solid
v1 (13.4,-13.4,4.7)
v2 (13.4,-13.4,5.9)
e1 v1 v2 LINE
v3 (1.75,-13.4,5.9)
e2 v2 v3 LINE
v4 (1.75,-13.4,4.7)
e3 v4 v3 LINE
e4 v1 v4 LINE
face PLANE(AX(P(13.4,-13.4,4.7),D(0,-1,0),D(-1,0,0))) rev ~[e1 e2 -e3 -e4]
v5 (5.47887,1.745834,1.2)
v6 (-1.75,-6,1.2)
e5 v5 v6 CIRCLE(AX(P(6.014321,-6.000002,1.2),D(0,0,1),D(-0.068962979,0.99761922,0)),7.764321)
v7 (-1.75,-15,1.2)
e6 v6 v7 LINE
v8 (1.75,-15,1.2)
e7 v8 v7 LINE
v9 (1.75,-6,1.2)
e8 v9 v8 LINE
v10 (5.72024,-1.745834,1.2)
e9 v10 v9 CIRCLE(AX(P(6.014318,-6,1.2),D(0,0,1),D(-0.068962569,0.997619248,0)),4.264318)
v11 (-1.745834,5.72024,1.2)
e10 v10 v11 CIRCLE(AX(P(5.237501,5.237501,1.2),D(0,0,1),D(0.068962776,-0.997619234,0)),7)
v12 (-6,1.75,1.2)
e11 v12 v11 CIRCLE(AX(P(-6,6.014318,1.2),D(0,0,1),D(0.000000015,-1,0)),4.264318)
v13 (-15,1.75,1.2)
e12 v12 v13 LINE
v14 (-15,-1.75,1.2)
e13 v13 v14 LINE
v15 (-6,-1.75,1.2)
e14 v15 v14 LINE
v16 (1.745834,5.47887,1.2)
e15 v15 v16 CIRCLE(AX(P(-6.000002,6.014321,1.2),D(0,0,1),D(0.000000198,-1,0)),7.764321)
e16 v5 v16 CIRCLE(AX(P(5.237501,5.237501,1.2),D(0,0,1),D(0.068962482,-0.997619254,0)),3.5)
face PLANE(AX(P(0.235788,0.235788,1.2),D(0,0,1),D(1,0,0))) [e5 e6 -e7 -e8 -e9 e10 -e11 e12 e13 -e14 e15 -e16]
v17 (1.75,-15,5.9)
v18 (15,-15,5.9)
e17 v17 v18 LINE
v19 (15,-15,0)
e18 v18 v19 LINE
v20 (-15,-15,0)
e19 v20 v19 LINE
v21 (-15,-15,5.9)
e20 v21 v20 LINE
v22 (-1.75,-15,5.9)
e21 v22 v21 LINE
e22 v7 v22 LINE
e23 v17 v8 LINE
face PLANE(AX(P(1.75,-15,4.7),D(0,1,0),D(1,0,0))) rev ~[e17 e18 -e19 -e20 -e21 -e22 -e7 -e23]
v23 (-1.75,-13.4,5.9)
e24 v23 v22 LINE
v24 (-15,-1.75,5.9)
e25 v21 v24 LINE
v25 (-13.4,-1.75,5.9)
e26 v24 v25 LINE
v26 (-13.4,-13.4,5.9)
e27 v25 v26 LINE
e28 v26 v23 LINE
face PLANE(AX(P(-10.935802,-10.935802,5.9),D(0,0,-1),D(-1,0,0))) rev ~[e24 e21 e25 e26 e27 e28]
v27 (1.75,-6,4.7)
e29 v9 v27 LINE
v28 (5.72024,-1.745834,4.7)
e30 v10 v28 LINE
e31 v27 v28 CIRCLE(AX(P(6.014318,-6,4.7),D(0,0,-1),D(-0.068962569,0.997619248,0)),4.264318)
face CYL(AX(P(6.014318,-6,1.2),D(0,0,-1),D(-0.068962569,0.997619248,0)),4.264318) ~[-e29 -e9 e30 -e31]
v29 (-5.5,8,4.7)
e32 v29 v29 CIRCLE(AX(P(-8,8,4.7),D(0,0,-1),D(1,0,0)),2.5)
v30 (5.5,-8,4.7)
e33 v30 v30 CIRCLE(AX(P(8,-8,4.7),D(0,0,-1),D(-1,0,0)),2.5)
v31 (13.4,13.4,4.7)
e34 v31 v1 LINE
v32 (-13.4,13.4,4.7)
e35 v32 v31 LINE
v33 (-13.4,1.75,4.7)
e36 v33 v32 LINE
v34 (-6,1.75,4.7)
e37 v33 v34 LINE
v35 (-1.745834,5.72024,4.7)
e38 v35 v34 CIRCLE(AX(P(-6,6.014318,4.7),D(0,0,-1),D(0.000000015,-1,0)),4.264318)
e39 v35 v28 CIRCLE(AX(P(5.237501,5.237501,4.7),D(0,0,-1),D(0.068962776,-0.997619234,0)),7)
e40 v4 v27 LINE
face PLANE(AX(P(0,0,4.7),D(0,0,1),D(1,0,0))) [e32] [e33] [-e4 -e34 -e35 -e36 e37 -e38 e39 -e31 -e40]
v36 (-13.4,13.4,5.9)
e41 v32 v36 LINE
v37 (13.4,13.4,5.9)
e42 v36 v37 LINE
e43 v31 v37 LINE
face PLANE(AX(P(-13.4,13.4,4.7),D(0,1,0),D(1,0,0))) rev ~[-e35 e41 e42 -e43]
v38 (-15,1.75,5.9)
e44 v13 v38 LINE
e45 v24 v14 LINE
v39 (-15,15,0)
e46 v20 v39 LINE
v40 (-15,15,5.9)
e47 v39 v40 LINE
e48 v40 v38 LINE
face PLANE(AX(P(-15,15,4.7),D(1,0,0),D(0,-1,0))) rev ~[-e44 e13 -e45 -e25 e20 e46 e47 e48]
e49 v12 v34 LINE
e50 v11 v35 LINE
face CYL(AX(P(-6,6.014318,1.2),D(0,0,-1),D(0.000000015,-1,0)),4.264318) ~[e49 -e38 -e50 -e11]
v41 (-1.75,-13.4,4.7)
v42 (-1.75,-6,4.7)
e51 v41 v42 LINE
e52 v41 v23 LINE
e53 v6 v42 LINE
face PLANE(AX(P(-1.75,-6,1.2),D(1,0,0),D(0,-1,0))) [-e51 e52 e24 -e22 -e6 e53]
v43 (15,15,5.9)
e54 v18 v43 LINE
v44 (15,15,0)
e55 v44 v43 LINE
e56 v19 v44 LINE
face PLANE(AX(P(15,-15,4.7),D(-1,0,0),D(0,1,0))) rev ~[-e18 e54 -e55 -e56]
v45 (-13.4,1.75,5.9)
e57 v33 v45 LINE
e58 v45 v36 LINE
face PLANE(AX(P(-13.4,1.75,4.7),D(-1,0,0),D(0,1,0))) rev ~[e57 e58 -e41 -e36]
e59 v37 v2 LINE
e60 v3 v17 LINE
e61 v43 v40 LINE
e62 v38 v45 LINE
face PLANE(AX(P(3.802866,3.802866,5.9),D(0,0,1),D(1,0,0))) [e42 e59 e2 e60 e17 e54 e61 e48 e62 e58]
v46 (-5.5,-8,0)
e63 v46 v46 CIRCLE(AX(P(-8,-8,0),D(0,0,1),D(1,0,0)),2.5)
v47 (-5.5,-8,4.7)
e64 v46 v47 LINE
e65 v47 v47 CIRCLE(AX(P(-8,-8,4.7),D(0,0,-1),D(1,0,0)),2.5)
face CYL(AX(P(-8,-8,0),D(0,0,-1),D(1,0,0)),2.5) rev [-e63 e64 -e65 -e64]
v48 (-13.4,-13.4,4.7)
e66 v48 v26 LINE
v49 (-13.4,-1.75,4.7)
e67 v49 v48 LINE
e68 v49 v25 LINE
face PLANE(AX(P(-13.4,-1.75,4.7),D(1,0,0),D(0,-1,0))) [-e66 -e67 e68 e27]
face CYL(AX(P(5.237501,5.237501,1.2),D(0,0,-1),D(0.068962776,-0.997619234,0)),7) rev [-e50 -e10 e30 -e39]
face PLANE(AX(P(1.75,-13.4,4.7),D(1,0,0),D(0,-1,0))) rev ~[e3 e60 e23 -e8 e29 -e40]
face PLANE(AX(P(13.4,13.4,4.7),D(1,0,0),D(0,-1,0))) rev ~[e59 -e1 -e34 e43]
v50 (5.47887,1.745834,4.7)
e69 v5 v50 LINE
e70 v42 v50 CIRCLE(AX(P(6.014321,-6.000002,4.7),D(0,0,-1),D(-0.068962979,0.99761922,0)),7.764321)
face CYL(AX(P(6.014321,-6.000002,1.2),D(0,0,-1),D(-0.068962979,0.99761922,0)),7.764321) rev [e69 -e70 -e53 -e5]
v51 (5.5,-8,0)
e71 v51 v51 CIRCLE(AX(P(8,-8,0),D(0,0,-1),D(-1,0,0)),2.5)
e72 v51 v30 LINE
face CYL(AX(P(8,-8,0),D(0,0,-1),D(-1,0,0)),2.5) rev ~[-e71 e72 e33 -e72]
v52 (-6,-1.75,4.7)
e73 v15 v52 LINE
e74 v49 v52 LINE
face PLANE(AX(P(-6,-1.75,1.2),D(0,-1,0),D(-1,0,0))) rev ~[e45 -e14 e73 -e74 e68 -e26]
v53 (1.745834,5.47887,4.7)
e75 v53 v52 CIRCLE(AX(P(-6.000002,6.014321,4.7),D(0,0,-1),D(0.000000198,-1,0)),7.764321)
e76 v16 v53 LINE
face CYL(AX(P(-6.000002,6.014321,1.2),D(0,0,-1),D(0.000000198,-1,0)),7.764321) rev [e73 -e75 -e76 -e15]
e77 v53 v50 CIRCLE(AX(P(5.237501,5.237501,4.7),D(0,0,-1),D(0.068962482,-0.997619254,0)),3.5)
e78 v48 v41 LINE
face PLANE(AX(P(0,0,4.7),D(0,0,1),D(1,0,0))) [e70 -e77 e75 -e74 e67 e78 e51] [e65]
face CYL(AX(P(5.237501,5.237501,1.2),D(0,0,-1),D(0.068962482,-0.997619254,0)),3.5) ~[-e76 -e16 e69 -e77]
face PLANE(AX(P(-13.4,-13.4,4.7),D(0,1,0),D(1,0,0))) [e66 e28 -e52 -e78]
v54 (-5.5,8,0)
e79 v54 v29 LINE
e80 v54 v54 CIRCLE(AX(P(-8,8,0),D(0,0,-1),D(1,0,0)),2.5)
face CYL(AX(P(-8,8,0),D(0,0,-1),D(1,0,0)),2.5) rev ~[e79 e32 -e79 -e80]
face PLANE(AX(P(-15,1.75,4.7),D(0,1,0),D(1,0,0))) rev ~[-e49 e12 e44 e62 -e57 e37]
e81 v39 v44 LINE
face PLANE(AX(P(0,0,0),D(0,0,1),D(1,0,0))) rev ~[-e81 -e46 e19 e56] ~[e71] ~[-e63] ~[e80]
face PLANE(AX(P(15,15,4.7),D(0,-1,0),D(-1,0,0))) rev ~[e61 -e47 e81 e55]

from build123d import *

# Parameters (mm, degrees)
SKETCH027_W     = 30
SKETCH027_H     = 30
PAD013_DEPTH    = 4.7
POCKET011_DEPTH = 3.501
PAD014_DEPTH    = 1.2
SKETCH031_R     = 2.5
POCKET012_DEPTH = 91.570364


with BuildPart() as part:
    # Sketch027 → Pad013 (new body)
    with BuildSketch(Plane.XY):
        Rectangle(SKETCH027_W, SKETCH027_H)
    extrude(amount=PAD013_DEPTH)

    # Sketch028 → Pocket011 (cut, through all)
    with BuildSketch(Plane.XY.offset(1.2)):
        with BuildLine():
            Line((-6, 1.75), (-15, 1.75))
            Line((-15, 1.75), (-15, -1.75))
            Line((-6, -1.75), (-15, -1.75))
            ThreePointArc((-6, -1.75), (-0.702489, 0.337963), (1.745834, 5.47887))
            ThreePointArc((5.47887, 1.745834), (7.712375, 7.712375), (1.745834, 5.47887))
            ThreePointArc((5.47887, 1.745834), (0.337963, -0.702489), (-1.75, -6))
            Line((-1.75, -6), (-1.75, -15))
            Line((1.75, -15), (-1.75, -15))
            Line((1.75, -6), (1.75, -15))
            ThreePointArc((5.72024, -1.745834), (2.896751, -3.090501), (1.75, -6))
            ThreePointArc((5.72024, -1.745834), (10.187248, 10.187248), (-1.745834, 5.72024))
            ThreePointArc((-6, 1.75), (-3.090501, 2.896751), (-1.745834, 5.72024))
        make_face()
    extrude(amount=POCKET011_DEPTH, mode=Mode.SUBTRACT)

    # Sketch029 → Pad014 (join)
    with BuildSketch(Plane.XY.offset(4.7)):
        Polygon((15, -15), (15, 15), (-15, 15), (-15, 1.75), (-13.4, 1.75), (-13.4, 13.4), (13.4, 13.4), (13.4, -13.4), (1.75, -13.4), (1.75, -15), align=None)
        Polygon((-1.75, -15), (-15, -15), (-15, -1.75), (-13.4, -1.75), (-13.4, -13.4), (-1.75, -13.4), align=None)
    extrude(amount=PAD014_DEPTH)

    # Sketch031 → Pocket012 (cut, through all)
    with BuildSketch(Plane.XY):
        with Locations((-8, -8)):
            Circle(SKETCH031_R)
    pocket012 = extrude(amount=POCKET012_DEPTH, mode=Mode.SUBTRACT)

    # Mirrored004: Pocket012 across Sketch031 V_Axis
    add(pocket012.mirror(Plane(origin=(0, 0, 0), x_dir=(0, 0, 1), z_dir=(1, 0, 0))), mode=Mode.SUBTRACT)

    # Mirrored005: Pocket012 across Sketch031 H_Axis
    add(pocket012.mirror(Plane.ZX), mode=Mode.SUBTRACT)


solid = part.part
